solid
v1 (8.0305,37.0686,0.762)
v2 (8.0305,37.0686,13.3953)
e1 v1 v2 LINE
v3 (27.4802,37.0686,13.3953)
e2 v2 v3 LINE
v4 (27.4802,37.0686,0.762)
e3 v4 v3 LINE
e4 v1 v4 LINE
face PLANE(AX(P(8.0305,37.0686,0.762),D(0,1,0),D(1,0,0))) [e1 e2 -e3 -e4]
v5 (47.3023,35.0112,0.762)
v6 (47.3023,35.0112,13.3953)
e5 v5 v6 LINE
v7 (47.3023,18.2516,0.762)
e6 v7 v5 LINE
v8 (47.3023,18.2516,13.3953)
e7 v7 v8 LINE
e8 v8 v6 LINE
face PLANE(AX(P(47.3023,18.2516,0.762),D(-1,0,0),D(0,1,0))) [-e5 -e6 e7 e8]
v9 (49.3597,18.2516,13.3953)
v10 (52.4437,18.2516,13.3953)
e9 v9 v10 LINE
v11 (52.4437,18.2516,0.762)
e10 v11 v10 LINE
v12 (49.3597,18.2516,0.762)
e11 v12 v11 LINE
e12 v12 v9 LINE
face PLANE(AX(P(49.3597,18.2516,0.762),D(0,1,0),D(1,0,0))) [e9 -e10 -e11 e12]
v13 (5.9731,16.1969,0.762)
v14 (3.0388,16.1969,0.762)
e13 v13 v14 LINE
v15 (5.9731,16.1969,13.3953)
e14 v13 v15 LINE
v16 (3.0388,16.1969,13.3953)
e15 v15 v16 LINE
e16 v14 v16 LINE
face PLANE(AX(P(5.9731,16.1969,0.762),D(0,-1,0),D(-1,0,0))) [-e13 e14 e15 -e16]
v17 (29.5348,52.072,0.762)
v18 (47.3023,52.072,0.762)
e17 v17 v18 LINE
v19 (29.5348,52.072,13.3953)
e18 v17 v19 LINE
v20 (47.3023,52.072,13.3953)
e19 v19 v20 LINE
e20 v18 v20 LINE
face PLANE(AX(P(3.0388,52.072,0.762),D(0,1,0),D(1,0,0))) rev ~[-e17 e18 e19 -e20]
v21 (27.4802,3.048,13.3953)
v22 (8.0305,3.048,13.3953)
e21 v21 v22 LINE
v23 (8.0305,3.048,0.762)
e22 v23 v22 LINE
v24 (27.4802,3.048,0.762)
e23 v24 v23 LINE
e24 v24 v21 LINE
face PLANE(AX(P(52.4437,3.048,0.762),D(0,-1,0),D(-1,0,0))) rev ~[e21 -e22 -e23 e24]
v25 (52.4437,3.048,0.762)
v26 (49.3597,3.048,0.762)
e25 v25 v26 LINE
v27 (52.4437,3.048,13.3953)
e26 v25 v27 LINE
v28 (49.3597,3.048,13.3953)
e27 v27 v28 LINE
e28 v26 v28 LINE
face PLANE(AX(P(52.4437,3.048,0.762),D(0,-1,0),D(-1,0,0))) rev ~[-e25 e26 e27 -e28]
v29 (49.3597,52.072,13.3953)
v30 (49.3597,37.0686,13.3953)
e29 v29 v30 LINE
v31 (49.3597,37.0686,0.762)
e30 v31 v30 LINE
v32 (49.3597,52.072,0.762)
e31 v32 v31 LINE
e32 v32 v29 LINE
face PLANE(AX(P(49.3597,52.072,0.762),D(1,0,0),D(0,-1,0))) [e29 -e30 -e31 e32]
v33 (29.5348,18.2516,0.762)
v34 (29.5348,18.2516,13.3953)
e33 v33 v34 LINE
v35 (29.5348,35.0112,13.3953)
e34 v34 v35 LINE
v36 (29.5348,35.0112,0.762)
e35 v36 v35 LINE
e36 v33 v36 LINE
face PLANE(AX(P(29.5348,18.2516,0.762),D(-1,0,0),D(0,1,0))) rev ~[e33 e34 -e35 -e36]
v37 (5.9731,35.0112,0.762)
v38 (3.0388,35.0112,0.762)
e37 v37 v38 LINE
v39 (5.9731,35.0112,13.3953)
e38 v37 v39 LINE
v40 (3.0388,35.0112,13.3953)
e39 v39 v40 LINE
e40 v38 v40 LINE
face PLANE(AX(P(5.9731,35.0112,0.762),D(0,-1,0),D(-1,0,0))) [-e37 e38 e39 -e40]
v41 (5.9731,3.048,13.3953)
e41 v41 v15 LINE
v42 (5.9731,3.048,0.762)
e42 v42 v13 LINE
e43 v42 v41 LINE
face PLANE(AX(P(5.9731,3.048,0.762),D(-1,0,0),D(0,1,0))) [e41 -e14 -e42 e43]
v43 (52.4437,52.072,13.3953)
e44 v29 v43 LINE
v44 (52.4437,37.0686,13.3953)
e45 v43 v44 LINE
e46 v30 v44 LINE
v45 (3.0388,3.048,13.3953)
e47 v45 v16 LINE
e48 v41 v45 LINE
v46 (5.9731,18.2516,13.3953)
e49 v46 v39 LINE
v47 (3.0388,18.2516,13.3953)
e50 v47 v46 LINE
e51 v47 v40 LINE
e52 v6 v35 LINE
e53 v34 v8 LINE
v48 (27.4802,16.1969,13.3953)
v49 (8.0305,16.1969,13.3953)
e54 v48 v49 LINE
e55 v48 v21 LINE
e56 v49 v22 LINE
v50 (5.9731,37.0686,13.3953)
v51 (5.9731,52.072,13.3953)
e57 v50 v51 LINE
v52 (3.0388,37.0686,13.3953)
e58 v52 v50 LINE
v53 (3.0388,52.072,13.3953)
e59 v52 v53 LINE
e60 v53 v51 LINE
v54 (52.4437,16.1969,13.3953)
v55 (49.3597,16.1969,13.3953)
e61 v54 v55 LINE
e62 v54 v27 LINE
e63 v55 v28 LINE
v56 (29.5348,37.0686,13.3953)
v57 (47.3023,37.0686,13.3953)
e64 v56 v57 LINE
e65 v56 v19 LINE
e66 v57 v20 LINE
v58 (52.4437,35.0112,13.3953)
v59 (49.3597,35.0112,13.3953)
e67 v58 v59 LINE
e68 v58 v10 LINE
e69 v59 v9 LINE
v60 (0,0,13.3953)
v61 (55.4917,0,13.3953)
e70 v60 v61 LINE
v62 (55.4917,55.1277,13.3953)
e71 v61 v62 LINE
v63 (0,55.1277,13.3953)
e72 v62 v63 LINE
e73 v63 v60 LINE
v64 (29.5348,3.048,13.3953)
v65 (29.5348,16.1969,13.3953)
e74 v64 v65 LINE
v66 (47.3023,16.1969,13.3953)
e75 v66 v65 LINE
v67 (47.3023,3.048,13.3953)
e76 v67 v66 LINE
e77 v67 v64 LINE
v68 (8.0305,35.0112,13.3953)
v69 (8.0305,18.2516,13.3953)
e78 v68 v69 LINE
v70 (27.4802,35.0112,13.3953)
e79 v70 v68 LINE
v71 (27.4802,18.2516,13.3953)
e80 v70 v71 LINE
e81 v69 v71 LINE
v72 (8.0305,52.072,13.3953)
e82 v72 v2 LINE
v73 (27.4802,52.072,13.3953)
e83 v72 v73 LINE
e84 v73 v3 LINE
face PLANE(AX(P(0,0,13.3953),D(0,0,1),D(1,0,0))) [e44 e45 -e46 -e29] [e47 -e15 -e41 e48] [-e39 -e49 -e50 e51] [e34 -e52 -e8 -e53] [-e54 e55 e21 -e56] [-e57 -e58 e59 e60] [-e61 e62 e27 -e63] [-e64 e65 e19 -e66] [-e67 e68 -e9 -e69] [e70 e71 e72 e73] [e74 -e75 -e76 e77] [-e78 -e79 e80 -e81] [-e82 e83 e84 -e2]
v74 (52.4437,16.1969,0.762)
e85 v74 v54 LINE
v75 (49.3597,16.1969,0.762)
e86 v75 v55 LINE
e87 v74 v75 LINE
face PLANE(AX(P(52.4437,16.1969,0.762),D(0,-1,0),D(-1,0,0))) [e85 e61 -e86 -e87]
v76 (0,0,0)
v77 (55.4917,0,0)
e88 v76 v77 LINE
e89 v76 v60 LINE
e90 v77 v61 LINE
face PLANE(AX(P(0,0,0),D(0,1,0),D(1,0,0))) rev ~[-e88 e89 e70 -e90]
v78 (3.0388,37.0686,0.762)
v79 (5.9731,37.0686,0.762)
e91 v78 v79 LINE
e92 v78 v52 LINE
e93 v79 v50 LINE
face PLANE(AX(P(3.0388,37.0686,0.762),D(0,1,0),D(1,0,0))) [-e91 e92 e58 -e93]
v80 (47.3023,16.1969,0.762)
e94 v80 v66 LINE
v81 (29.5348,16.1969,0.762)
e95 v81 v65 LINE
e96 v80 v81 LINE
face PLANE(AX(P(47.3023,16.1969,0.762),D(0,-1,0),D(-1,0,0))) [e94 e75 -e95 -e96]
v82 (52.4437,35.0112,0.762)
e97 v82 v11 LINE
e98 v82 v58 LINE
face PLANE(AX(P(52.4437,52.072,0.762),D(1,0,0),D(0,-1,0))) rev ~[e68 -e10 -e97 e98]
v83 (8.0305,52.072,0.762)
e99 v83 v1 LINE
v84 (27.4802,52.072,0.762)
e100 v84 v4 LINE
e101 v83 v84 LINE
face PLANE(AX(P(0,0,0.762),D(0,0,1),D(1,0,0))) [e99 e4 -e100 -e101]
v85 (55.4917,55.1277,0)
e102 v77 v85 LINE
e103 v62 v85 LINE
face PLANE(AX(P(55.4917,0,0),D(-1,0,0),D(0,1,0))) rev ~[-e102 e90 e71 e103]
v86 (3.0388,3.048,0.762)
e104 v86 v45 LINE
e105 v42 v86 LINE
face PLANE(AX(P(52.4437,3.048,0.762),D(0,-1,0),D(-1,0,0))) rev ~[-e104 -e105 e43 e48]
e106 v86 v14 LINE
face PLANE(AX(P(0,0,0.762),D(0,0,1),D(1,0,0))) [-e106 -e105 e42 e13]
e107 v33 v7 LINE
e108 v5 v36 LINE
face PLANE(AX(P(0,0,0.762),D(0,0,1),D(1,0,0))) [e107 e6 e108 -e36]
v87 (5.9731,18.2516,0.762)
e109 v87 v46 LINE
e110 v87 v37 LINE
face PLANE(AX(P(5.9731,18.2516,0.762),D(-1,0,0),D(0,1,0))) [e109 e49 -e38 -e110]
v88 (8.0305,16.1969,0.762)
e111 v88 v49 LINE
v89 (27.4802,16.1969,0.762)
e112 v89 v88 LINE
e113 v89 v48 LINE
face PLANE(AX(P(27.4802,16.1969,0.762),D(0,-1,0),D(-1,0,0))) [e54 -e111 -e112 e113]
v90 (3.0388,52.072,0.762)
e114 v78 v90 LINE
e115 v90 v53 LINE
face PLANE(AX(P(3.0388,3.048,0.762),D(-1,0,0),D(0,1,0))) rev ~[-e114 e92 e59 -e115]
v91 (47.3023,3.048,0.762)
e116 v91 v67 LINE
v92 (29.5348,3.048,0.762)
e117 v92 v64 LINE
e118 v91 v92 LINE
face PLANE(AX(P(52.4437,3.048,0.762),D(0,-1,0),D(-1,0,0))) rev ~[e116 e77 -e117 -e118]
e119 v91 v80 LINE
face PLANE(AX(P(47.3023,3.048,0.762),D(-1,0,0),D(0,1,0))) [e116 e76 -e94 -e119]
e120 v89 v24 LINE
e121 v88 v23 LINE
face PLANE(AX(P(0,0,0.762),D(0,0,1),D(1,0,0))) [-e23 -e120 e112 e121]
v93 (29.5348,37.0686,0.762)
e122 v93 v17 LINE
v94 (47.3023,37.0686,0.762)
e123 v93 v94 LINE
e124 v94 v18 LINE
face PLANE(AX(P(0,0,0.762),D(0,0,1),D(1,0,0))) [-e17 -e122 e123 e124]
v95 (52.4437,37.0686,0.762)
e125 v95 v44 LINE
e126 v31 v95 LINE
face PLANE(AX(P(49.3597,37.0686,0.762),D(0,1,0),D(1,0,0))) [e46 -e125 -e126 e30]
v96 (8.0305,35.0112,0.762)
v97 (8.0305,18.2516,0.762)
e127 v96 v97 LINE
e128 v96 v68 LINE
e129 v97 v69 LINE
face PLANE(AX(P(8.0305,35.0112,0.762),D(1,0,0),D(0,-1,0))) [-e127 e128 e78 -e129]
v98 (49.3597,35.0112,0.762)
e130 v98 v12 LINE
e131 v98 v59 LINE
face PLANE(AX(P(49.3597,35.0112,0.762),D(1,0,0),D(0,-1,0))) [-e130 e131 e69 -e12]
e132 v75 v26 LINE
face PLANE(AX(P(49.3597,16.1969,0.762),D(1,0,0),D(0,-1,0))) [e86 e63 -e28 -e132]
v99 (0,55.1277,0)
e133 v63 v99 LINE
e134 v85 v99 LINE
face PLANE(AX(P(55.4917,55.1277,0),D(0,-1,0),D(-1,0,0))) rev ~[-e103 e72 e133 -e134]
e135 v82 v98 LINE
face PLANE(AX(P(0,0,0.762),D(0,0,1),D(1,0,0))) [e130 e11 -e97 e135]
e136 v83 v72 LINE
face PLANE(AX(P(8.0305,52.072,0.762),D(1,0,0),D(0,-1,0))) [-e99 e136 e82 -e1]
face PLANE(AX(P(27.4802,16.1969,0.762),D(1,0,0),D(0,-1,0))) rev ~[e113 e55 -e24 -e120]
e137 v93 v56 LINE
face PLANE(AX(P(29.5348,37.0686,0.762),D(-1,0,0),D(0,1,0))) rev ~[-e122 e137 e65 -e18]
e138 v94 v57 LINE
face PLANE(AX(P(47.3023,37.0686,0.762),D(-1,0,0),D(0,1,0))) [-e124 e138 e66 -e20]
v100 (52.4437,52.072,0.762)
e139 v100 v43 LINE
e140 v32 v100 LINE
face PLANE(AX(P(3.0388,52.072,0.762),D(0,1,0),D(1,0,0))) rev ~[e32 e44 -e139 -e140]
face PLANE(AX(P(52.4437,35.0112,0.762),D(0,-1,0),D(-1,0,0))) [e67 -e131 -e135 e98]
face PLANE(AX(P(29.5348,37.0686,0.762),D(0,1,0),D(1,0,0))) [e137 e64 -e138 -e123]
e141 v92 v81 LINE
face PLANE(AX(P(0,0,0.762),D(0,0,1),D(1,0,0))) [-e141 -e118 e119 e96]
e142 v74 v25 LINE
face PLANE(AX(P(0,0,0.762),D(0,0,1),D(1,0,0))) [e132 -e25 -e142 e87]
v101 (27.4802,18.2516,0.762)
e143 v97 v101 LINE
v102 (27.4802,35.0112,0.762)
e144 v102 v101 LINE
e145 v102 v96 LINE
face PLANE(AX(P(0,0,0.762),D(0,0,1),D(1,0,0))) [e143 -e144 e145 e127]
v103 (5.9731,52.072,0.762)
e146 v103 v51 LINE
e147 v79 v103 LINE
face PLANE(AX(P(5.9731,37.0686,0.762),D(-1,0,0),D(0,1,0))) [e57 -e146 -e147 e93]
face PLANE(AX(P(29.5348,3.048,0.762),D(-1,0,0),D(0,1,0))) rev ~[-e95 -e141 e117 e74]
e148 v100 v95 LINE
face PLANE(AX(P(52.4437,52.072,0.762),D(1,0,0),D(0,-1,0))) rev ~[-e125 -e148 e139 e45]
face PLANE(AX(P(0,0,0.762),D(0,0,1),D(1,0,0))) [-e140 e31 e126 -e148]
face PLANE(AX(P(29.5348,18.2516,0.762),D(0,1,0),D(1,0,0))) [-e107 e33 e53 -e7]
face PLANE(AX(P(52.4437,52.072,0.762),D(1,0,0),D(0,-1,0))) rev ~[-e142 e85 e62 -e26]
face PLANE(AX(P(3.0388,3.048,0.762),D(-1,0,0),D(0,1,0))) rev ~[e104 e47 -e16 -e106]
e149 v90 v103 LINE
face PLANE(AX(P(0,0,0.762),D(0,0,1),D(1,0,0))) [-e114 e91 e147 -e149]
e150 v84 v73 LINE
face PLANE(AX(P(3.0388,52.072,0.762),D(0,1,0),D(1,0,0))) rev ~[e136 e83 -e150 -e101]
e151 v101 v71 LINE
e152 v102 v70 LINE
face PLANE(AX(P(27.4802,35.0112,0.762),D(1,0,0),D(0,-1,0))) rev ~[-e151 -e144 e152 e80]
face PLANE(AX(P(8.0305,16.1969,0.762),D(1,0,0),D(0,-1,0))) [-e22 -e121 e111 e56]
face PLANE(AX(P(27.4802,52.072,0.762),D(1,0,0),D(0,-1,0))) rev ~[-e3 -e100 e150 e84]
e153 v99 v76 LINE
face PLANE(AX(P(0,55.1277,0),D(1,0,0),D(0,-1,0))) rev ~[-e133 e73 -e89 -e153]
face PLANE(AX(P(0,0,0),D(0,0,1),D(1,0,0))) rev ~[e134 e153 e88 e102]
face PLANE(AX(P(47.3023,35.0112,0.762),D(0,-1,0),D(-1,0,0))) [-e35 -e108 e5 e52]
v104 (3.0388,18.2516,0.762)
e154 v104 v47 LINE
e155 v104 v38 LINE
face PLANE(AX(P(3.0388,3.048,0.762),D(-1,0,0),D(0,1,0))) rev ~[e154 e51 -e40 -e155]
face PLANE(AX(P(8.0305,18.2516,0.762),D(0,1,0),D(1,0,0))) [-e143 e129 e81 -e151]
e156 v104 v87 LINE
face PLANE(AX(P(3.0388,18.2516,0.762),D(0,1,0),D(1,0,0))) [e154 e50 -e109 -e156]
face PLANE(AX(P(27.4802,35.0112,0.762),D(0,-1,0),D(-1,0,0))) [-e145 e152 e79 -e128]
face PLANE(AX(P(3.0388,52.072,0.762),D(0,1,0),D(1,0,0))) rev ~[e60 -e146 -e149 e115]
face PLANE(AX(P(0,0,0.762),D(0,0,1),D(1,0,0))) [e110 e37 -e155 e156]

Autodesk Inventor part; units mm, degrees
ref_plane "YZ Plane" through (0, 0, 0) normal (1, 0, 0) x (0, 1, 0)
ref_plane "XZ Plane" through (0, 0, 0) normal (0, 1, 0) x (-1, 0, 0)
ref_plane "XY Plane" through (0, 0, 0) normal (0, 0, 1) x (1, 0, 0)
sketch "Sketch1" plane through (0, 0, 0) normal (0, 0, 1) x (1, 0, 0)
  line L0 (0, 0) -> (55.4917, 0)
  line L1 (55.4917, 0) -> (55.4917, 55.1277)
  line L2 (55.4917, 55.1277) -> (0, 55.1277)
  line L3 (0, 55.1277) -> (0, 0)
  dimension "d0" = 55.4917
  dimension "d1" = 55.1277
extrude "Extrusion1" add sketch "Sketch1" along normal blind 0.762
sketch "Sketch2" plane through (0, 0, 0.762) normal (0, 0, 1) x (1, 0, 0)
  line L0 (3.0388, 52.072) -> (52.4437, 52.072)
  line L1 (52.4437, 52.072) -> (52.4437, 3.048)
  line L2 (52.4437, 3.048) -> (3.0388, 3.048)
  line L3 (3.0388, 3.048) -> (3.0388, 52.072)
  line L4 (55.4917, 55.1277) -> (0, 55.1277) projected
  line L5 (55.4917, 0) -> (55.4917, 55.1277) projected
  line L6 (0, 55.1277) -> (0, 0) projected
  line L7 (0, 0) -> (55.4917, 0) projected
  dimension "d4" = 3.0557
  dimension "d5" = 3.048
  dimension "d6" = 3.0388
  dimension "d7" = 3.048
extrude "Extrusion2" add sketch "Sketch2" along normal blind 12.6333
sketch "Sketch3" plane through (0, 0, 0.762) normal (0, 0, 1) x (1, 0, 0)
  line L0 (3.0388, 3.048) -> (3.0388, 52.072) projected
  line L1 (52.4437, 3.048) -> (52.4437, 52.072) projected
  line L2 (3.0388, 18.2516) -> (52.4437, 18.2516)
  line L3 (52.4437, 18.2516) -> (52.4437, 16.1969)
  line L4 (52.4437, 16.1969) -> (3.0388, 16.1969)
  line L5 (3.0388, 16.1969) -> (3.0388, 18.2516)
  line L6 (52.4437, 3.048) -> (3.0388, 3.048) projected
  line L7 (3.0388, 37.0686) -> (52.4437, 37.0686)
  line L8 (52.4437, 37.0686) -> (52.4437, 35.0112)
  line L9 (52.4437, 35.0112) -> (3.0388, 35.0112)
  line L10 (3.0388, 35.0112) -> (3.0388, 37.0686)
  line L11 (3.0388, 52.072) -> (52.4437, 52.072) projected
  line L12 (3.0388, 3.048) -> (52.4437, 3.048) projected
  line L13 (27.4802, 3.048) -> (29.5348, 3.048)
  line L14 (29.5348, 3.048) -> (29.5348, 52.072)
  line L15 (29.5348, 52.072) -> (27.4802, 52.072)
  line L16 (27.4802, 52.072) -> (27.4802, 3.048)
  line L17 (5.9731, 52.072) -> (8.0305, 52.072)
  line L18 (8.0305, 52.072) -> (8.0305, 3.048)
  line L19 (8.0305, 3.048) -> (5.9731, 3.048)
  line L20 (5.9731, 3.048) -> (5.9731, 52.072)
  line L21 (47.3023, 52.072) -> (49.3597, 52.072)
  line L22 (49.3597, 52.072) -> (49.3597, 3.048)
  line L23 (49.3597, 3.048) -> (47.3023, 3.048)
  line L24 (47.3023, 3.048) -> (47.3023, 52.072)
  point P0 (0, 0)
  dimension "d10" = 13.1489
  dimension "d11" = 2.0547
  dimension "d12" = 15.0034
  dimension "d13" = 2.0574
  dimension "d14" = 2.0547
  dimension "d15" = 24.4414
  dimension "d16" = 2.0574
  dimension "d17" = 2.9343
  dimension "d18" = 3.084
  dimension "d19" = 2.0574
extrude "Extrusion3" add sketch "Sketch3" along normal blind 12.6333 contours L0 L2 L20 L4 | L20 L4 L18 L6 | L20 L2 L18 L4 | L0 L7 L20 L9 | L20 L9 L18 L2 | L18 L2 L16 L4 | L16 L4 L14 L6 | L20 L7 L18 L9 | L16 L2 L14 L4 | L20 L11 L18 L7 | L18 L7 L16 L9 | L16 L9 L14 L2 | L14 L2 L24 L4 | L24 L4 L22 L6 | L16 L7 L14 L9 | L24 L2 L22 L4 | L16 L11 L14 L7 | L14 L7 L24 L9 | L24 L9 L22 L2 | L22 L2 L1 L4 | L24 L7 L22 L9 | L24 L11 L22 L7 | L22 L7 L1 L9
properties part number "Toy Chassis"
